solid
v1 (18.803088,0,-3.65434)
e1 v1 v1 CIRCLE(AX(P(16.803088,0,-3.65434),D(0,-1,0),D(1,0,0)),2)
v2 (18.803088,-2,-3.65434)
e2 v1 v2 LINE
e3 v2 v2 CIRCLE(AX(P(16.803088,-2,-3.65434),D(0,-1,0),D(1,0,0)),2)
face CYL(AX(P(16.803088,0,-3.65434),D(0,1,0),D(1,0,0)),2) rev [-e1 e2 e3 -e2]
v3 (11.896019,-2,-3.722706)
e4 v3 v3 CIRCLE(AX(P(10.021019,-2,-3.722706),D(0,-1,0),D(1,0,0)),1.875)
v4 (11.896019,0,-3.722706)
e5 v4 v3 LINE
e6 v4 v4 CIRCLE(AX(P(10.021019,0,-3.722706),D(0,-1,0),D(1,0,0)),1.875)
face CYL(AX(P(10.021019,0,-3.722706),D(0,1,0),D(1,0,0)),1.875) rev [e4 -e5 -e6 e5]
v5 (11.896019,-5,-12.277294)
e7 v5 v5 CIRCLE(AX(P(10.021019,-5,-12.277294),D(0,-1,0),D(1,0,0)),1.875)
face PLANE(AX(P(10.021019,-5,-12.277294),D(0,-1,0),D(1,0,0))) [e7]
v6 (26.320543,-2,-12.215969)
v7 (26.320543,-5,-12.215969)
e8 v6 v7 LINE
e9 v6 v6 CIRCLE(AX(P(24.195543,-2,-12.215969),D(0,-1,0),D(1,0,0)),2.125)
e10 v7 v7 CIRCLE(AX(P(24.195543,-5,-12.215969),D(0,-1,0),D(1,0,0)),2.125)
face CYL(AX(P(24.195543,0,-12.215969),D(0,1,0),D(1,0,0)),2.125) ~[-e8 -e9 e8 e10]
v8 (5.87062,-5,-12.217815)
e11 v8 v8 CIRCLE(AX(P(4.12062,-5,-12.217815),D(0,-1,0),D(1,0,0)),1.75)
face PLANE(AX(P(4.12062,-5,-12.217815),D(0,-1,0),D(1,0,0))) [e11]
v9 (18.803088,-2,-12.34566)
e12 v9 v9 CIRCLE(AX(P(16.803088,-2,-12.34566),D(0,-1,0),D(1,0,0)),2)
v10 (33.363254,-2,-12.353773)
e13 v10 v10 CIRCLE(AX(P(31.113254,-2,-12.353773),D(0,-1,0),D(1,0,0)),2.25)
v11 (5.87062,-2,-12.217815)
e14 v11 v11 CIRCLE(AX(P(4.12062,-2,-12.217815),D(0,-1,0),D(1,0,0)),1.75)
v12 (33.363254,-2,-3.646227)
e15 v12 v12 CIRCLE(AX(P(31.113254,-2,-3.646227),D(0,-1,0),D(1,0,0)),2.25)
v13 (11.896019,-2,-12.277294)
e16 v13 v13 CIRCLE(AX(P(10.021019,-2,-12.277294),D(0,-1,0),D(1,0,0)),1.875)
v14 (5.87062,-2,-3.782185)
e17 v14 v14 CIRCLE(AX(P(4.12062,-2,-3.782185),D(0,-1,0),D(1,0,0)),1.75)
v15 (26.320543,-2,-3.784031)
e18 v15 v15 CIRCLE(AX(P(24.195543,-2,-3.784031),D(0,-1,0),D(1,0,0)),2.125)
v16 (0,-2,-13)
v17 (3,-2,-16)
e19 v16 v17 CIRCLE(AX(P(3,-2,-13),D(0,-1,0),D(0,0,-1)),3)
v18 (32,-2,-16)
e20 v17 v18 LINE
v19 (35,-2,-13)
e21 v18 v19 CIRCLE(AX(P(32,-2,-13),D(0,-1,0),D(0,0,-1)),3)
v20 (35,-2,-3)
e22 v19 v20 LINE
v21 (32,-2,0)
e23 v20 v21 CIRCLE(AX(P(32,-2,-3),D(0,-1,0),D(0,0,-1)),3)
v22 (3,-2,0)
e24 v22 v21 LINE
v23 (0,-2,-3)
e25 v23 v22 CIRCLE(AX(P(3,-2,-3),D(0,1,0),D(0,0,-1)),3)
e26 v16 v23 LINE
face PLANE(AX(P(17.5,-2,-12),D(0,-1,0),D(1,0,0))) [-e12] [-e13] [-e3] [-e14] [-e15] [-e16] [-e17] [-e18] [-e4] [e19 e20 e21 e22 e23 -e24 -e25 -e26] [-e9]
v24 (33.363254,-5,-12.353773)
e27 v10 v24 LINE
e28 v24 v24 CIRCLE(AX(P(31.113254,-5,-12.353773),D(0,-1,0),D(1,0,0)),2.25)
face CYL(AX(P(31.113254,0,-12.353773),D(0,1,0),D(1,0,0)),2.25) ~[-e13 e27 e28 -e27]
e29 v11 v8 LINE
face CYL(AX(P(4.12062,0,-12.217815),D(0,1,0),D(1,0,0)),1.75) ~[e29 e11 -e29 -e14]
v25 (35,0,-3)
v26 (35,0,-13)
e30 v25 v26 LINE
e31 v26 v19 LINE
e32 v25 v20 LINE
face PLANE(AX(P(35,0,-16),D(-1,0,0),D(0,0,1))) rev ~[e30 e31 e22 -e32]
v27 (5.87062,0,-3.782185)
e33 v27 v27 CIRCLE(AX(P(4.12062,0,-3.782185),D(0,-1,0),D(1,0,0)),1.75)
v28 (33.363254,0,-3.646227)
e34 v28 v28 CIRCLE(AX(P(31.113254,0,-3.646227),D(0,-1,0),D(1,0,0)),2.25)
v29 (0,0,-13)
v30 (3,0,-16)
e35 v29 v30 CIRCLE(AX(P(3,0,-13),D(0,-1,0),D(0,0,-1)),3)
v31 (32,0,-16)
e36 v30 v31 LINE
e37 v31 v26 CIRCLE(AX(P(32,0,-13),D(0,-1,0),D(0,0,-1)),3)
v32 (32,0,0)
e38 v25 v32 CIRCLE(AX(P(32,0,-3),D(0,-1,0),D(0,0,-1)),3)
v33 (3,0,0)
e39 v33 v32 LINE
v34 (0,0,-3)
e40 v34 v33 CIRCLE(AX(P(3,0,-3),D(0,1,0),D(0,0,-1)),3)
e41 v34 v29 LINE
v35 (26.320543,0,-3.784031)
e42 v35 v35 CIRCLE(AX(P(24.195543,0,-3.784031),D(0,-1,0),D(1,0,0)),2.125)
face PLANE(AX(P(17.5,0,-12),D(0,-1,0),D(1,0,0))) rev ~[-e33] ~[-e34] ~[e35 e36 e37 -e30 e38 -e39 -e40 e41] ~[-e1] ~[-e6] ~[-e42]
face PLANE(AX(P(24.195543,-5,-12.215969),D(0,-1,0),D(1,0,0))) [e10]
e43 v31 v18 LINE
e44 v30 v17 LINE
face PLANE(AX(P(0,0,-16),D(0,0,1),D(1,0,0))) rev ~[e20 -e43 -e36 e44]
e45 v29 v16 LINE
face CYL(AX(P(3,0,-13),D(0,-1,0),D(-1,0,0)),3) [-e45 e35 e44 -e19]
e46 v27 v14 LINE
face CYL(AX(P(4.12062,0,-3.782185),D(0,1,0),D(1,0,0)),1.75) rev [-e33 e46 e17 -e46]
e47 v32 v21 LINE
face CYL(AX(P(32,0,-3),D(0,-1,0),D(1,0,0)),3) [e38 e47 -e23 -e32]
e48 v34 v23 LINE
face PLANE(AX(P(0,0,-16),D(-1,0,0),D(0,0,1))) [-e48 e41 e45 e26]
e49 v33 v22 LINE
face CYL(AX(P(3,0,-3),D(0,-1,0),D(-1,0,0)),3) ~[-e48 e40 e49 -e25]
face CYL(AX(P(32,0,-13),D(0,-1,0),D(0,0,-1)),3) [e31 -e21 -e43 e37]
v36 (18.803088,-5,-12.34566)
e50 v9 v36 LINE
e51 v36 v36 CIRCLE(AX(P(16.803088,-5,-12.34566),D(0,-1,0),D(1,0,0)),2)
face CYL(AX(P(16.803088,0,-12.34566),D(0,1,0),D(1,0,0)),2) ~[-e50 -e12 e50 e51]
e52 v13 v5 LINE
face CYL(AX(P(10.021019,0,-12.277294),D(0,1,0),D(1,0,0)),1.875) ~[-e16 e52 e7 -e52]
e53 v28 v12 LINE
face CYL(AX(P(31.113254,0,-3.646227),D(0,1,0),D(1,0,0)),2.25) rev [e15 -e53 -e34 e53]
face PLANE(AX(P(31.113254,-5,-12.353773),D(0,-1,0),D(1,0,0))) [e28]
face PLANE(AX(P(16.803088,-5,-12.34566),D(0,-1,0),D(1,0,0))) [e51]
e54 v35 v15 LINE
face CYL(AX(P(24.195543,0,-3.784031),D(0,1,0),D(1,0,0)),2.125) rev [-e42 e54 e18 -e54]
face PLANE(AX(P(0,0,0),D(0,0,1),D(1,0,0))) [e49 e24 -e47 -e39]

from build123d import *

# Parameters (mm, degrees)
F0_W     = 35
F0_H     = 8
F0_R     = 1.75
F0_R_2   = 1.875
F0_R_3   = 2
F0_R_4   = 2.125
F0_R_5   = 2.25
F1_DEPTH = 2
F2_DEPTH = 2
F3_DEPTH = 5
F4_R     = 3


with BuildPart() as f1:
    # F0 (on Front) → F1 (new body)
    with BuildSketch(Plane.XZ):
        with Locations((17.5, -4)):
            Rectangle(F0_W, F0_H)
        with Locations((4.12062, -3.782185)):
            Circle(F0_R, mode=Mode.SUBTRACT)
        with Locations((10.021019, -3.722706)):
            Circle(F0_R_2, mode=Mode.SUBTRACT)
        with Locations((16.803088, -3.65434)):
            Circle(F0_R_3, mode=Mode.SUBTRACT)
        with Locations((24.195543, -3.784031)):
            Circle(F0_R_4, mode=Mode.SUBTRACT)
        with Locations((31.113254, -3.646227)):
            Circle(F0_R_5, mode=Mode.SUBTRACT)
    extrude(amount=F1_DEPTH)

    # F0 (on Front) → F2 (join)
    with BuildSketch(Plane.XZ):
        with Locations((17.5, -12)):
            Rectangle(F0_W, F0_H)
        with Locations((4.12062, -12.217815)):
            Circle(F0_R, mode=Mode.SUBTRACT)
        with Locations((10.021019, -12.277294)):
            Circle(F0_R_2, mode=Mode.SUBTRACT)
        with Locations((16.803088, -12.34566)):
            Circle(F0_R_3, mode=Mode.SUBTRACT)
        with Locations((24.195543, -12.215969)):
            Circle(F0_R_4, mode=Mode.SUBTRACT)
        with Locations((31.113254, -12.353773)):
            Circle(F0_R_5, mode=Mode.SUBTRACT)
    extrude(amount=F2_DEPTH)

    # F0 (on Front) → F3 (join)
    with BuildSketch(Plane.XZ):
        with Locations((31.113254, -12.353773)):
            Circle(F0_R_5)
        with Locations((24.195543, -12.215969)):
            Circle(F0_R_4)
        with Locations((16.803088, -12.34566)):
            Circle(F0_R_3)
        with Locations((10.021019, -12.277294)):
            Circle(F0_R_2)
        with Locations((4.12062, -12.217815)):
            Circle(F0_R)
    extrude(amount=F3_DEPTH)

    # F4
    f4_edges = [f1.edges().sort_by_distance(p)[0] for p in [
        (0, -1, 0),
        (0, -1, -16),
        (35, -1, -16),
        (35, -1, 0),
    ]]
    fillet(f4_edges, radius=F4_R)


solid = f1.part
